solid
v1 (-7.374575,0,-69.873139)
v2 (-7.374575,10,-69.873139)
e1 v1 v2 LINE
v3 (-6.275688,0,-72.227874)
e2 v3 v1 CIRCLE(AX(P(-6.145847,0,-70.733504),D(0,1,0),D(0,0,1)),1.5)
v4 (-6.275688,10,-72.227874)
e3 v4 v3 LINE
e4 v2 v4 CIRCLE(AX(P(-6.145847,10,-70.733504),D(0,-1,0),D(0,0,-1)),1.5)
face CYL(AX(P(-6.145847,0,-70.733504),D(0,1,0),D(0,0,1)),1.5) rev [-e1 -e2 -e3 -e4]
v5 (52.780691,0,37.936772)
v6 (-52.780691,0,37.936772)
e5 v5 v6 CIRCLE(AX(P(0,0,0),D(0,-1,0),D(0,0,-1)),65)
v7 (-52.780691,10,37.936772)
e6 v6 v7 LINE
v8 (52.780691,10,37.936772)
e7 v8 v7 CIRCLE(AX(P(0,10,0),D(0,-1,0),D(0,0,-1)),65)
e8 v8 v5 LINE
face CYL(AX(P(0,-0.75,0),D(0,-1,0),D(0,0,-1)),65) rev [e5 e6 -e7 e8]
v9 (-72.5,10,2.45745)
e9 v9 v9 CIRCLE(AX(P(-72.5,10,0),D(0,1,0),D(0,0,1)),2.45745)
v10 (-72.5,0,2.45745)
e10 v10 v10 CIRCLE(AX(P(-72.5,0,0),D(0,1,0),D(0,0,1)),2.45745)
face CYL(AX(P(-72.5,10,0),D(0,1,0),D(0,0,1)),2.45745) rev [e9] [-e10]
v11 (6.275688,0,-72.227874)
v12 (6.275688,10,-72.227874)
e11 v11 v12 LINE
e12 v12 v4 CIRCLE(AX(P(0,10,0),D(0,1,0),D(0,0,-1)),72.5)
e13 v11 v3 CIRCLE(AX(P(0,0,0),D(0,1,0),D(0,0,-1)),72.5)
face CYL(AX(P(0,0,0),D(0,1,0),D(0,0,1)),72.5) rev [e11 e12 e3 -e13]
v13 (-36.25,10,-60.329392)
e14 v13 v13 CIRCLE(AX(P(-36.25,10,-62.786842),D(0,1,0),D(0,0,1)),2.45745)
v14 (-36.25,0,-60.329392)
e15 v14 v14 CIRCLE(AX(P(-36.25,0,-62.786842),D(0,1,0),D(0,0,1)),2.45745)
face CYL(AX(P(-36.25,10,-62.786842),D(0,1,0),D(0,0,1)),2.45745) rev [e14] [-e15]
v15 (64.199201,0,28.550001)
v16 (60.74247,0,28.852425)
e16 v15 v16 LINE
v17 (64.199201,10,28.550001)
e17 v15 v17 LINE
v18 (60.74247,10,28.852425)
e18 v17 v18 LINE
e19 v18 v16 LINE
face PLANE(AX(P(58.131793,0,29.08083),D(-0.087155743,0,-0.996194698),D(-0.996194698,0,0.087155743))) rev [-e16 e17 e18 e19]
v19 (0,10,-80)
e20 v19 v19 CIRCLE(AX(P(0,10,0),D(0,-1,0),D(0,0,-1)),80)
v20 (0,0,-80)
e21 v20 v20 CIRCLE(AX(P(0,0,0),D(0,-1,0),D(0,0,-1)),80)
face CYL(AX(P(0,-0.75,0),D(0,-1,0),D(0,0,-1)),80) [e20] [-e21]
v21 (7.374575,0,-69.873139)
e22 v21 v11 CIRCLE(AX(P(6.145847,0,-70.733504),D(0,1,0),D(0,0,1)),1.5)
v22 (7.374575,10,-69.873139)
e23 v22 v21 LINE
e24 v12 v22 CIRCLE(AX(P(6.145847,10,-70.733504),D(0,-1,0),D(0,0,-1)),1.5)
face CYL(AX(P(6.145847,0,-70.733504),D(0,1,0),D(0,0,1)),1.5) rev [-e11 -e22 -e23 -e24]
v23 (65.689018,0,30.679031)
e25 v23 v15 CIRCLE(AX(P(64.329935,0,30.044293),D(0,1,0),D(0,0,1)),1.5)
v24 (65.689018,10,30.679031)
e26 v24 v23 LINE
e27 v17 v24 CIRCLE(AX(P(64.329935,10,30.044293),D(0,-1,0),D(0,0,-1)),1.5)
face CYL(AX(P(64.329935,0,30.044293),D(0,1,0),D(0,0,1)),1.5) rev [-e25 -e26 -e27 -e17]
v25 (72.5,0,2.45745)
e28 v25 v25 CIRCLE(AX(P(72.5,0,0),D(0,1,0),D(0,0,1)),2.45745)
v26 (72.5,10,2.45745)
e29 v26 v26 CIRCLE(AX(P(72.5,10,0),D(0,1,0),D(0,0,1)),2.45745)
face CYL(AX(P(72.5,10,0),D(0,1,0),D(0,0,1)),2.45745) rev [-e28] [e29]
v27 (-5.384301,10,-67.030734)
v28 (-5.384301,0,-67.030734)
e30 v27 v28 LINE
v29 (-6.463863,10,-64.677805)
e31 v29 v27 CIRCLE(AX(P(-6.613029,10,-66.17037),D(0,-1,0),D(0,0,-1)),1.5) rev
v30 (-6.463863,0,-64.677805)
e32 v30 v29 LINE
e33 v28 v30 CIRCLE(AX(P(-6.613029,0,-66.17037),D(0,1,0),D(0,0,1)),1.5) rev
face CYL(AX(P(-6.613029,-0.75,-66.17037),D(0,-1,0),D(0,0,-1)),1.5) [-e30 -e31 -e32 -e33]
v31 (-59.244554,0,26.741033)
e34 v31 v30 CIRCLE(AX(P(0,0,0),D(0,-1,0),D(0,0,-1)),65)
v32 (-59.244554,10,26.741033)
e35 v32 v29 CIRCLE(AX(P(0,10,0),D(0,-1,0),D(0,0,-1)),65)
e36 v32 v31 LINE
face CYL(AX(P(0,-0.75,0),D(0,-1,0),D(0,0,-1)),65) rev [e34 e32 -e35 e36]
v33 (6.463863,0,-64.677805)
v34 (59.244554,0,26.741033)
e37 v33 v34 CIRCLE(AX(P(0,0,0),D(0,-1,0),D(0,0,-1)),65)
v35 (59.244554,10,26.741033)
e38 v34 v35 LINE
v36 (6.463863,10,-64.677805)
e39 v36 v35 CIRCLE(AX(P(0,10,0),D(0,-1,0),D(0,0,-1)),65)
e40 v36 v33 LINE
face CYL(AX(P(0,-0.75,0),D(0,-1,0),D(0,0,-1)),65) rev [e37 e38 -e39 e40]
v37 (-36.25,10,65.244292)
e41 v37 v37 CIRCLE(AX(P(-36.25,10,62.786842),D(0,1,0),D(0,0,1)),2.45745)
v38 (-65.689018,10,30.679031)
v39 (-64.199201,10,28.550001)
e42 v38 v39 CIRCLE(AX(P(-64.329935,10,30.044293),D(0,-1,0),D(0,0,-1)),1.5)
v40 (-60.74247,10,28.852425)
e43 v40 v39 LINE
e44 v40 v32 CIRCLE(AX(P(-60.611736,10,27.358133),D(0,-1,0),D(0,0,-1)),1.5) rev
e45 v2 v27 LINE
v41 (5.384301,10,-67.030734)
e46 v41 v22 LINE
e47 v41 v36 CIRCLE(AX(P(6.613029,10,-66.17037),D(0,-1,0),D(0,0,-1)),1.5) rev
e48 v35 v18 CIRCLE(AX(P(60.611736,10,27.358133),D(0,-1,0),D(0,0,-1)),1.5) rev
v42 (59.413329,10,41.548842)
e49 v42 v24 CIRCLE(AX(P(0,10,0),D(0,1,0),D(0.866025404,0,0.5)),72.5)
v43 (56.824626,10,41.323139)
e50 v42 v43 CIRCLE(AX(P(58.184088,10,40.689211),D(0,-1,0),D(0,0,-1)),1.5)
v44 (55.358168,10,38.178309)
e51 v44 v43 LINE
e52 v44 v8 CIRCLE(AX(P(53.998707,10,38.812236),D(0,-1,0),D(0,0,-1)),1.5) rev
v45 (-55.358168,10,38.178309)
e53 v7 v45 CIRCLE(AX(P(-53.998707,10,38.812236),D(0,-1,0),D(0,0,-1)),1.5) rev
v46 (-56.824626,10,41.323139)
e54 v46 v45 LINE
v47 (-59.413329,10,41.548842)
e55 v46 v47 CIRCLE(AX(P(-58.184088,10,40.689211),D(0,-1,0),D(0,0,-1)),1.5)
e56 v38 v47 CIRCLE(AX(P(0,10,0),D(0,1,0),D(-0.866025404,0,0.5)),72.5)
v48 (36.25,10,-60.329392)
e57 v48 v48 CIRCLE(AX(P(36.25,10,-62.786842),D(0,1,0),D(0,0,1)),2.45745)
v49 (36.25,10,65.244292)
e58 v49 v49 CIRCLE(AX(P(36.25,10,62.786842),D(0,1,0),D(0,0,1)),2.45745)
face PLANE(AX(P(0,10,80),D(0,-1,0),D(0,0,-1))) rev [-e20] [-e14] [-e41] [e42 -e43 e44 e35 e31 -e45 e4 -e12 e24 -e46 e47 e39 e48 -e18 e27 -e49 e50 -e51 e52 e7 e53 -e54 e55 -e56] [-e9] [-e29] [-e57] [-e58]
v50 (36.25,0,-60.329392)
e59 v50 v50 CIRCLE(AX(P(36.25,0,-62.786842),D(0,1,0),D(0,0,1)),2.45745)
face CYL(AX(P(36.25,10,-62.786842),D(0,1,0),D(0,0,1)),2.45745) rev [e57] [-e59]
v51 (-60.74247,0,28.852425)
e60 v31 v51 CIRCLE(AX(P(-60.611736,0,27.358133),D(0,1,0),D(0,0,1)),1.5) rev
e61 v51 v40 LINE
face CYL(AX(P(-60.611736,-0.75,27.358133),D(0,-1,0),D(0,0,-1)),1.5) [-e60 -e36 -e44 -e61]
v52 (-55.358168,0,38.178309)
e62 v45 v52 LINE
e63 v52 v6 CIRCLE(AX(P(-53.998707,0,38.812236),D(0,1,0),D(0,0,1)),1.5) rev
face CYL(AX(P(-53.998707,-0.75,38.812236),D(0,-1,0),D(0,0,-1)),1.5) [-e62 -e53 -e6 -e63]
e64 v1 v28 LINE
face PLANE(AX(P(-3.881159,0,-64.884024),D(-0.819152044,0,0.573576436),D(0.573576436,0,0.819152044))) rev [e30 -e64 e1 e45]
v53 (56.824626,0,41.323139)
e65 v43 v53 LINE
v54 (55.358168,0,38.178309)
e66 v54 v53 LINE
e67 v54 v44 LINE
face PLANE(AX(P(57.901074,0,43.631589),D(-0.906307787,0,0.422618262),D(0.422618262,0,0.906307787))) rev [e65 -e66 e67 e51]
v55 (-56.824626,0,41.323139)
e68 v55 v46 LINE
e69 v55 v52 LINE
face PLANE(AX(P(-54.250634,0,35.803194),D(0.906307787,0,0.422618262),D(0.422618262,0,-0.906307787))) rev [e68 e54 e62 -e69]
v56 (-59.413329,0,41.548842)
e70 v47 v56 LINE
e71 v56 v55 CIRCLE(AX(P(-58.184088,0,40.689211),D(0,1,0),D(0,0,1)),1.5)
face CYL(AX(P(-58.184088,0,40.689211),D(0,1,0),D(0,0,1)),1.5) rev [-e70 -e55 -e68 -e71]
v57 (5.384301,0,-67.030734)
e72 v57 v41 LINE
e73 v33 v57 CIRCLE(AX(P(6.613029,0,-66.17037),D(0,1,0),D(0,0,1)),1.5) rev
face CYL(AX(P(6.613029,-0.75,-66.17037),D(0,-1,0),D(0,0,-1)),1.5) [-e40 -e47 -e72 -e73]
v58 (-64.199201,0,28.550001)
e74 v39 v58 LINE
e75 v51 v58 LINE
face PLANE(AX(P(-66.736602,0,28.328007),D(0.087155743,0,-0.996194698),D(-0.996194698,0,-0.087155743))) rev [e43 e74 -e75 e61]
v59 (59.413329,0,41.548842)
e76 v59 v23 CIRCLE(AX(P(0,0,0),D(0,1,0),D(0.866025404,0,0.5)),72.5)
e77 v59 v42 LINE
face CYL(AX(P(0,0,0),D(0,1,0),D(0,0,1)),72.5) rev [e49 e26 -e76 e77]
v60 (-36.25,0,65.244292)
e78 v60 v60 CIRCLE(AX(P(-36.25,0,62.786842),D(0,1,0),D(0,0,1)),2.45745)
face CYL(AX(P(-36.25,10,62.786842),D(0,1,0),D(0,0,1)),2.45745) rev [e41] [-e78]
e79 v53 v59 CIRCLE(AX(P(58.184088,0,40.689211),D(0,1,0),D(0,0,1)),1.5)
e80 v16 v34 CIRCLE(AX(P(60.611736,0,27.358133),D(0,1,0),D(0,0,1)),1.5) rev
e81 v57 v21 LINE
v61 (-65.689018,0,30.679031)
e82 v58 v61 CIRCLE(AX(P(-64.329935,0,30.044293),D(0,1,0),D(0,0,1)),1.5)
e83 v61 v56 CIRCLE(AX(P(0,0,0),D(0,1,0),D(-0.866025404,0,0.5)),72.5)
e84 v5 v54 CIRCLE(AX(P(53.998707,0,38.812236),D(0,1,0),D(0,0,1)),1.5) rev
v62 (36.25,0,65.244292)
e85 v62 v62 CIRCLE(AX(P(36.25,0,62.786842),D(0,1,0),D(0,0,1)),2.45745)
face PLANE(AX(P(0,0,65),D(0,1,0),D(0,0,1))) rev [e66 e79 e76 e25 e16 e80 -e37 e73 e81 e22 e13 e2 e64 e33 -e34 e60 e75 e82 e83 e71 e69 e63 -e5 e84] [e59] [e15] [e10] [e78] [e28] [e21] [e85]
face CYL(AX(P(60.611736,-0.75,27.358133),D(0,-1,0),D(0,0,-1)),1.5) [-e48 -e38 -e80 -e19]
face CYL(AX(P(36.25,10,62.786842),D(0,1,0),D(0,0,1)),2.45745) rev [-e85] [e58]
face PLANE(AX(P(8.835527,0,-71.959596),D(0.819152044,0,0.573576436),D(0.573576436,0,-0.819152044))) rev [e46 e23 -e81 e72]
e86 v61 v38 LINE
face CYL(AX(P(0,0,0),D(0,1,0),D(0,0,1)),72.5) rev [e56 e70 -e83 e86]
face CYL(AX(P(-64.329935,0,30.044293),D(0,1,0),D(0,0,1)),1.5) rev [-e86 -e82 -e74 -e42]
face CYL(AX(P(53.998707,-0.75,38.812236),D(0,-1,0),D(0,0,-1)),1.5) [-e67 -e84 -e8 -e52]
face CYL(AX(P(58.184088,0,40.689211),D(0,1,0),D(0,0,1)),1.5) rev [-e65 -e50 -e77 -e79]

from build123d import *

# Parameters (mm, degrees)
SKETCH2_W                    = 15
SKETCH2_H                    = 10
CUT_EXTRUDE1_DEPTH           = 114.578166916
FILLET1_R                    = 1.5
CIRPATTERN2_COUNT            = 3
FILLET1_OF_CIRPATTERN2_R     = 1.5
F_10_0_1935_DIAMETER_HOLE1_D = 4.9149
CIRPATTERN3_COUNT            = 6


with BuildPart() as part:
    # Sketch2 → Revolve1 (revolve)
    with BuildSketch(Plane(origin=(0, 0, 0), x_dir=(0, 0, -1), z_dir=(1, 0, 0)), mode=Mode.PRIVATE) as revolve1_sk:
        with Locations((-72.5, 5)):
            Rectangle(SKETCH2_W, SKETCH2_H)
    revolve(revolve1_sk.sketch.rotate(Axis((0, -0.75, 0), (0, 1, 0)), 180), axis=Axis((0, -0.75, 0), (0, 1, 0)))

    # Sketch4 → Cut-Extrude1 (cut, through all)
    with BuildSketch(Plane(origin=(0, 10, 0), x_dir=(1, 0, 0), z_dir=(0, 1, 0))):
        with BuildLine():
            Line((-3.881158746, 64.88402428), (-8.835527397, 71.959595994))
            ThreePointArc((-8.835527397, 71.959595994), (0, 72.5), (8.835527397, 71.959595994))
            Line((8.835527397, 71.959595994), (3.881158746, 64.88402428))
            ThreePointArc((3.881158746, 64.88402428), (0, 65), (-3.881158746, 64.88402428))
        make_face()
    cut_extrude1 = extrude(amount=-CUT_EXTRUDE1_DEPTH, mode=Mode.SUBTRACT)

    # Fillet1
    fillet1_edges = [part.edges().sort_by_distance(p)[0] for p in [
        (3.881158746, 5, -64.88402428),
        (-3.881158746, 5, -64.88402428),
        (-8.835527397, 5, -71.959595994),
        (8.835527397, 5, -71.959595994),
    ]]
    fillet(fillet1_edges, radius=FILLET1_R)

    # CirPattern2: Cut-Extrude1 ×3 about axis
    cirpattern2_axis = Axis((0, 0, 0), (0, 1, 0))
    for i in range(1, CIRPATTERN2_COUNT):
        add(cut_extrude1.rotate(cirpattern2_axis, i * 360 / CIRPATTERN2_COUNT), mode=Mode.SUBTRACT)

    # Fillet1 of CirPattern2
    fillet1_of_cirpattern2_edges = [part.edges().sort_by_distance(p)[0] for p in [
        (-58.131792699, 5, 29.08083007),
        (-54.250633954, 5, 35.80319421),
        (-57.901074478, 5, 43.631589179),
        (-66.736601875, 5, 28.328006815),
        (54.250633954, 5, 35.80319421),
        (58.131792699, 5, 29.08083007),
        (66.736601875, 5, 28.328006815),
        (57.901074478, 5, 43.631589179),
    ]]
    fillet(fillet1_of_cirpattern2_edges, radius=FILLET1_OF_CIRPATTERN2_R)

    # #10 (0.1935) Diameter Hole1 (through all)
    with Locations(Plane(origin=(0, 10, 0), x_dir=(1, 0, 0), z_dir=(0, 1, 0))):
        with Locations((-36.25, 62.786841774)):
            f_10_0_1935_diameter_hole1 = Hole(F_10_0_1935_DIAMETER_HOLE1_D / 2)

    # CirPattern3: #10 (0.1935) Diameter Hole1 ×6 about axis
    cirpattern3_axis = Axis((0, 0, 0), (0, 1, 0))
    for i in range(1, CIRPATTERN3_COUNT):
        add(f_10_0_1935_diameter_hole1.rotate(cirpattern3_axis, i * 360 / CIRPATTERN3_COUNT), mode=Mode.SUBTRACT)


solid = part.part
